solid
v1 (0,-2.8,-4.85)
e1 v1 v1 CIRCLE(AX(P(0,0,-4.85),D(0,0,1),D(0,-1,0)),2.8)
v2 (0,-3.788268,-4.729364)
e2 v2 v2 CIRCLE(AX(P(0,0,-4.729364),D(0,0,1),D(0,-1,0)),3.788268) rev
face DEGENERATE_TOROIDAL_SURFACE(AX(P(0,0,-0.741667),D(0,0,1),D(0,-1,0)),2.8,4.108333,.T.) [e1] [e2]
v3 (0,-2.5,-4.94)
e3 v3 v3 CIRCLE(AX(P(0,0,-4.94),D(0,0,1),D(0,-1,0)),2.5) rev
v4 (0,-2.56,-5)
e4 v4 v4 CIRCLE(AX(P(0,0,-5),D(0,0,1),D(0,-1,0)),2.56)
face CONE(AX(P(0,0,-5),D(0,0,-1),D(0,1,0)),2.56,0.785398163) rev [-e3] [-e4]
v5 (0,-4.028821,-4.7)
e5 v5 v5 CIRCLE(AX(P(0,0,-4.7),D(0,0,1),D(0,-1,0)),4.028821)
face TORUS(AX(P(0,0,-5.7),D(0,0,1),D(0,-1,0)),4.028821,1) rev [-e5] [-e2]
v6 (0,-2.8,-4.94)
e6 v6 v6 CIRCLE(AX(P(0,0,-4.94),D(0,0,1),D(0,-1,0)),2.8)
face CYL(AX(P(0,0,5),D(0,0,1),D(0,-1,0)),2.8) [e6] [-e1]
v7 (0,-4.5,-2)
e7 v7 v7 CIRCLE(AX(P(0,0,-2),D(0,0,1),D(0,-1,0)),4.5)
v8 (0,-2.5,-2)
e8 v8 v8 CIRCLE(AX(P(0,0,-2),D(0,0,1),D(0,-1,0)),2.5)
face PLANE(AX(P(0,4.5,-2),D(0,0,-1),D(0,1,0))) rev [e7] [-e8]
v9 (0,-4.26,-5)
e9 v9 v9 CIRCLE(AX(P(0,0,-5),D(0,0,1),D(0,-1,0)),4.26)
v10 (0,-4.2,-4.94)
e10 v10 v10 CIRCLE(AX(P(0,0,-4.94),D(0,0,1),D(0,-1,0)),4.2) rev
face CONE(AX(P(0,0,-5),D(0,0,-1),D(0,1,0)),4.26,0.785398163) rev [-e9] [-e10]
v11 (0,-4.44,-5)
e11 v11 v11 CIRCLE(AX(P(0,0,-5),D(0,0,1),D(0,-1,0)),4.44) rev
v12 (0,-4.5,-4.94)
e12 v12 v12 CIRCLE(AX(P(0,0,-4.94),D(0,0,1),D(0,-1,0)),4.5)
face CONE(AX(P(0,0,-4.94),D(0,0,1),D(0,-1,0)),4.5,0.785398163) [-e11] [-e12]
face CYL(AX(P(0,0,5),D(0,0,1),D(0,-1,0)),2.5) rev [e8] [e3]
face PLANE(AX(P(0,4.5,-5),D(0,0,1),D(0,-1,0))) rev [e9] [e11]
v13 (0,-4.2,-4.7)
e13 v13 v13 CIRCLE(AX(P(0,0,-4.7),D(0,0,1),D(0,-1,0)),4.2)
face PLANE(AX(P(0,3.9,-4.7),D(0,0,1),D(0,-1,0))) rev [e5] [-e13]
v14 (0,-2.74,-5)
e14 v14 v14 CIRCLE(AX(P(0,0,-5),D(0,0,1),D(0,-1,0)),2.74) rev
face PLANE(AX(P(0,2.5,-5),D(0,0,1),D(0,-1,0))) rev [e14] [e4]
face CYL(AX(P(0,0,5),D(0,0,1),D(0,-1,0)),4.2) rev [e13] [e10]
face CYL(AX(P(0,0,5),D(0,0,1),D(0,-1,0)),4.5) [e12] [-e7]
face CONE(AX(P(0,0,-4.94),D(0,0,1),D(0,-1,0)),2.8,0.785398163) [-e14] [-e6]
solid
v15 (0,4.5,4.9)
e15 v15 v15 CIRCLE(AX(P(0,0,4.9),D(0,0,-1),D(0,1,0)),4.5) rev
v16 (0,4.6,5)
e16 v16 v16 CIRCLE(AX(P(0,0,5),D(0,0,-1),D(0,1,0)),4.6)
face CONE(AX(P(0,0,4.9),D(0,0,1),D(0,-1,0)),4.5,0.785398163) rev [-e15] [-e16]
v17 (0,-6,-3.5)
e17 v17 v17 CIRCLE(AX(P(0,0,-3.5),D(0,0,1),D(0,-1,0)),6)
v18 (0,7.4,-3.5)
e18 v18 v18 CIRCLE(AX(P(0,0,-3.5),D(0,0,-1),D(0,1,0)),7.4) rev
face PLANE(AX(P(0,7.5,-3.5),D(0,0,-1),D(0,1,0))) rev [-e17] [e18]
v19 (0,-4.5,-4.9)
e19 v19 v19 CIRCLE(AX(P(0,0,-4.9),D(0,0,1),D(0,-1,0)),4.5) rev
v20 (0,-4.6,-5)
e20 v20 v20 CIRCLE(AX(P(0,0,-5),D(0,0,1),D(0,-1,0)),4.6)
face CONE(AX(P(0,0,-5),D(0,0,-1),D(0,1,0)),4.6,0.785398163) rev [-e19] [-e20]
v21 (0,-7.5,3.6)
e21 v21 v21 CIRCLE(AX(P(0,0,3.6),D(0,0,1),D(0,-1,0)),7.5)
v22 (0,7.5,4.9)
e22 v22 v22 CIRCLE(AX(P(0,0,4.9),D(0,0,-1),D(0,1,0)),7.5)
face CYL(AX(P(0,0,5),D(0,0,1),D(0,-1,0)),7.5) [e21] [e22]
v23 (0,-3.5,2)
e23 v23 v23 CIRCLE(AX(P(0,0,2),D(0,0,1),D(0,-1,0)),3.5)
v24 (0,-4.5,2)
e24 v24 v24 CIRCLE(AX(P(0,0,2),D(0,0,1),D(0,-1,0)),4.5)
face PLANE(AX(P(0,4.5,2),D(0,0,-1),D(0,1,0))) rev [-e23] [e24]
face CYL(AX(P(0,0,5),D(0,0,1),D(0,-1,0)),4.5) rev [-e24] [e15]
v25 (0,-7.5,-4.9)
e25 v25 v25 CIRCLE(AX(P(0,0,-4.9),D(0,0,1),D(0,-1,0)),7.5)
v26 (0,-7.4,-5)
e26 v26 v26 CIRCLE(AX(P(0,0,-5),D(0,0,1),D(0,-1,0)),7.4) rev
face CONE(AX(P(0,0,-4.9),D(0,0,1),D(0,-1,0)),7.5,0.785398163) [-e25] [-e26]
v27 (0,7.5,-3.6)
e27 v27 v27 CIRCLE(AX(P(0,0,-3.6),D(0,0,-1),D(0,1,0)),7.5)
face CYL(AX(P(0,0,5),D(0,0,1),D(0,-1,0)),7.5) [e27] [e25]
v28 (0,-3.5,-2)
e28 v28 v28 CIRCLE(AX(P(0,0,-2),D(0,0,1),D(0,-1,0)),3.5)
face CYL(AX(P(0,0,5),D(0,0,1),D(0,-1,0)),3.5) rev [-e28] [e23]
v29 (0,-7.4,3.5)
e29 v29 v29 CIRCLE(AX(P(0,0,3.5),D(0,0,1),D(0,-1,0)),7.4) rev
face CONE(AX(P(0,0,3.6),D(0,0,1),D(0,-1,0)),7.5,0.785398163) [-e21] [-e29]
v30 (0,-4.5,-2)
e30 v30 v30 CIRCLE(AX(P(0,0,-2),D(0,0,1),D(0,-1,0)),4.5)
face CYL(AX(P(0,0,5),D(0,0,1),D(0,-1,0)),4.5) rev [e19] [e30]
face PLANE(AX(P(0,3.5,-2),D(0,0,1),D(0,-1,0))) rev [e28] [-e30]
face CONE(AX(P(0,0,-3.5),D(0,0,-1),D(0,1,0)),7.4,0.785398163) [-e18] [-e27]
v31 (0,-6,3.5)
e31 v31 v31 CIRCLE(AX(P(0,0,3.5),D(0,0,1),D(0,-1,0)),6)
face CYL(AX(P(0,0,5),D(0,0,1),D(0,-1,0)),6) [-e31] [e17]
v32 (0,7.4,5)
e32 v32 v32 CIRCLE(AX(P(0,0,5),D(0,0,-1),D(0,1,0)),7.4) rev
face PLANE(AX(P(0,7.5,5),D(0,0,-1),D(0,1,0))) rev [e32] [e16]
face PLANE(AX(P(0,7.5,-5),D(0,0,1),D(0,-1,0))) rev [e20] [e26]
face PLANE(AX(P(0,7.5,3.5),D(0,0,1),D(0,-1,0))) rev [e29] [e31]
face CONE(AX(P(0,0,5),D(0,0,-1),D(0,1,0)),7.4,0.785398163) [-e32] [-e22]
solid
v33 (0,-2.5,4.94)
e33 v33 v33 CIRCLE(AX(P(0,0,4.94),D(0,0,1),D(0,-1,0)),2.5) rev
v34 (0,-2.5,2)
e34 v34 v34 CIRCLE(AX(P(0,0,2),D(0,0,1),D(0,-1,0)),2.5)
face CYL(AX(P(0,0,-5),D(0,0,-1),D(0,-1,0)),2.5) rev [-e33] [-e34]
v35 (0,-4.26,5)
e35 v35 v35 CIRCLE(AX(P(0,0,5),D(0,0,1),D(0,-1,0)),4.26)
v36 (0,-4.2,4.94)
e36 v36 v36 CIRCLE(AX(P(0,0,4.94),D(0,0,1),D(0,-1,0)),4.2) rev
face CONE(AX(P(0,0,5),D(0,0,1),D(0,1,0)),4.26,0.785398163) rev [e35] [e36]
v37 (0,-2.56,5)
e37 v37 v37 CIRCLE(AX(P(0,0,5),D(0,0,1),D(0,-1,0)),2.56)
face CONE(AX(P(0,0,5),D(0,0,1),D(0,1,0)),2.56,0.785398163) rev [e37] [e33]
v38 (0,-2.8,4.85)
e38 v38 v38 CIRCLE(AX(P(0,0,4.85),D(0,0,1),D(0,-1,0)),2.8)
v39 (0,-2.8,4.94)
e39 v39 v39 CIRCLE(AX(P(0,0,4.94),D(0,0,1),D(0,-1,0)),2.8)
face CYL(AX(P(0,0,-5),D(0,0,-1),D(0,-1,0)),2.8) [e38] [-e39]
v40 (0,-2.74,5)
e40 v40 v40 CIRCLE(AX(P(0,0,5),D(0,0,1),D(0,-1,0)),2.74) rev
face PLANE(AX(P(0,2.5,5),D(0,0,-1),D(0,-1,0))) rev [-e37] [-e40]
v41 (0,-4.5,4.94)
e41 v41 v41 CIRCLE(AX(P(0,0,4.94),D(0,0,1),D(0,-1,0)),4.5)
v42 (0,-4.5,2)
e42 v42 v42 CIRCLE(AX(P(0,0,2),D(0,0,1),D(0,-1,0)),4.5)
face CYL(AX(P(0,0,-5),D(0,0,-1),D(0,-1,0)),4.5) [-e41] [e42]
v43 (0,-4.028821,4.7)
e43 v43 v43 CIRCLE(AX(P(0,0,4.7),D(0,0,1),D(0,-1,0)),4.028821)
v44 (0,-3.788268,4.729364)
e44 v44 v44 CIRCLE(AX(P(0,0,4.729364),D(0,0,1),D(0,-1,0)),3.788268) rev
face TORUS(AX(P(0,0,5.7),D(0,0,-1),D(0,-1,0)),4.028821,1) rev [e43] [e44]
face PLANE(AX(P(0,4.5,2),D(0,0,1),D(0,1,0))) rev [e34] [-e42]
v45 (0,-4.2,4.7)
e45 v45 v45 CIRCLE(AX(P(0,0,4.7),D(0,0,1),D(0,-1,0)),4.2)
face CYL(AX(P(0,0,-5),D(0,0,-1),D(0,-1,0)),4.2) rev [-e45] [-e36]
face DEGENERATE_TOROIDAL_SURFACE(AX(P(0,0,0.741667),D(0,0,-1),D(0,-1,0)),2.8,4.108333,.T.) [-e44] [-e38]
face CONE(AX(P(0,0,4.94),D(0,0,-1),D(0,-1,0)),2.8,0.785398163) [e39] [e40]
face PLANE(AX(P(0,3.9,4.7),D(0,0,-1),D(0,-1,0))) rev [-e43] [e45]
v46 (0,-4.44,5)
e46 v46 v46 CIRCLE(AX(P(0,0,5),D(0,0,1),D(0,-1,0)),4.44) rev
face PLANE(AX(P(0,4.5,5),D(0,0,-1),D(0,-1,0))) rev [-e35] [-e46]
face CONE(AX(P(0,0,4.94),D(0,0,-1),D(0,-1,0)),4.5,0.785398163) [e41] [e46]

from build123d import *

# Parameters (mm, degrees)
CHAMFER2_SIZE = 0.06
FILLET2_R     = 1
CHAMFER1_SIZE = 0.1


with BuildPart() as part:
    # Sketch2 → Revolve1 (revolve)
    with BuildSketch(Plane(origin=(0, 0, 0), x_dir=(0, 0, -1), z_dir=(1, 0, 0))):
        with BuildLine():
            Line((5, 2.5), (2, 2.5))
            Line((2, 2.5), (2, 4.5))
            Line((2, 4.5), (5, 4.5))
            Line((5, 4.5), (5, 4.2))
            Line((5, 4.2), (4.7, 4.2))
            Line((4.7, 4.2), (4.7, 3.9))
            ThreePointArc((4.7, 3.9), (4.812327274, 3.355090083), (4.85, 2.8))
            Line((4.85, 2.8), (5, 2.8))
            Line((5, 2.8), (5, 2.5))
        make_face()
    revolve(axis=Axis((0, 0, 5), (0, 0, -1)))

    # Chamfer2
    chamfer2_edges = [part.edges().sort_by_distance(p)[0] for p in [
        (0, -2.5, -5),
        (0, -2.8, -5),
        (0, -4.2, -5),
        (0, -4.5, -5),
    ]]
    chamfer(chamfer2_edges, length=CHAMFER2_SIZE)

    # Fillet2
    fillet2_edges = [part.edges().sort_by_distance(p)[0] for p in [
        (0, -3.9, -4.7),
    ]]
    fillet(fillet2_edges, radius=FILLET2_R)


with BuildPart() as body_2:
    # Mirror1: mirrored copy
    add(part.part.mirror(Plane.XY))


with BuildPart() as body_3:
    # Sketch3 → Revolve2 (revolve)
    with BuildSketch(Plane(origin=(0, 0, 0), x_dir=(0, 0, -1), z_dir=(1, 0, 0))):
        Polygon((3.5, 7.5), (5, 7.5), (5, 4.5), (2, 4.5), (2, 3.5), (-2, 3.5), (-2, 4.5), (-5, 4.5), (-5, 7.5), (-3.5, 7.5), (-3.5, 6), (3.5, 6), align=None)
    revolve(axis=Axis((0, 0, 5), (0, 0, -1)))

    # Chamfer1
    chamfer1_edges = [body_3.edges().sort_by_distance(p)[0] for p in [
        (0, -4.5, 5),
        (0, -4.5, -5),
        (0, -7.5, -5),
        (0, -7.5, -3.5),
        (0, -7.5, 3.5),
        (0, -7.5, 5),
    ]]
    chamfer(chamfer1_edges, length=CHAMFER1_SIZE)


solid = Compound([part.part, body_2.part, body_3.part])
